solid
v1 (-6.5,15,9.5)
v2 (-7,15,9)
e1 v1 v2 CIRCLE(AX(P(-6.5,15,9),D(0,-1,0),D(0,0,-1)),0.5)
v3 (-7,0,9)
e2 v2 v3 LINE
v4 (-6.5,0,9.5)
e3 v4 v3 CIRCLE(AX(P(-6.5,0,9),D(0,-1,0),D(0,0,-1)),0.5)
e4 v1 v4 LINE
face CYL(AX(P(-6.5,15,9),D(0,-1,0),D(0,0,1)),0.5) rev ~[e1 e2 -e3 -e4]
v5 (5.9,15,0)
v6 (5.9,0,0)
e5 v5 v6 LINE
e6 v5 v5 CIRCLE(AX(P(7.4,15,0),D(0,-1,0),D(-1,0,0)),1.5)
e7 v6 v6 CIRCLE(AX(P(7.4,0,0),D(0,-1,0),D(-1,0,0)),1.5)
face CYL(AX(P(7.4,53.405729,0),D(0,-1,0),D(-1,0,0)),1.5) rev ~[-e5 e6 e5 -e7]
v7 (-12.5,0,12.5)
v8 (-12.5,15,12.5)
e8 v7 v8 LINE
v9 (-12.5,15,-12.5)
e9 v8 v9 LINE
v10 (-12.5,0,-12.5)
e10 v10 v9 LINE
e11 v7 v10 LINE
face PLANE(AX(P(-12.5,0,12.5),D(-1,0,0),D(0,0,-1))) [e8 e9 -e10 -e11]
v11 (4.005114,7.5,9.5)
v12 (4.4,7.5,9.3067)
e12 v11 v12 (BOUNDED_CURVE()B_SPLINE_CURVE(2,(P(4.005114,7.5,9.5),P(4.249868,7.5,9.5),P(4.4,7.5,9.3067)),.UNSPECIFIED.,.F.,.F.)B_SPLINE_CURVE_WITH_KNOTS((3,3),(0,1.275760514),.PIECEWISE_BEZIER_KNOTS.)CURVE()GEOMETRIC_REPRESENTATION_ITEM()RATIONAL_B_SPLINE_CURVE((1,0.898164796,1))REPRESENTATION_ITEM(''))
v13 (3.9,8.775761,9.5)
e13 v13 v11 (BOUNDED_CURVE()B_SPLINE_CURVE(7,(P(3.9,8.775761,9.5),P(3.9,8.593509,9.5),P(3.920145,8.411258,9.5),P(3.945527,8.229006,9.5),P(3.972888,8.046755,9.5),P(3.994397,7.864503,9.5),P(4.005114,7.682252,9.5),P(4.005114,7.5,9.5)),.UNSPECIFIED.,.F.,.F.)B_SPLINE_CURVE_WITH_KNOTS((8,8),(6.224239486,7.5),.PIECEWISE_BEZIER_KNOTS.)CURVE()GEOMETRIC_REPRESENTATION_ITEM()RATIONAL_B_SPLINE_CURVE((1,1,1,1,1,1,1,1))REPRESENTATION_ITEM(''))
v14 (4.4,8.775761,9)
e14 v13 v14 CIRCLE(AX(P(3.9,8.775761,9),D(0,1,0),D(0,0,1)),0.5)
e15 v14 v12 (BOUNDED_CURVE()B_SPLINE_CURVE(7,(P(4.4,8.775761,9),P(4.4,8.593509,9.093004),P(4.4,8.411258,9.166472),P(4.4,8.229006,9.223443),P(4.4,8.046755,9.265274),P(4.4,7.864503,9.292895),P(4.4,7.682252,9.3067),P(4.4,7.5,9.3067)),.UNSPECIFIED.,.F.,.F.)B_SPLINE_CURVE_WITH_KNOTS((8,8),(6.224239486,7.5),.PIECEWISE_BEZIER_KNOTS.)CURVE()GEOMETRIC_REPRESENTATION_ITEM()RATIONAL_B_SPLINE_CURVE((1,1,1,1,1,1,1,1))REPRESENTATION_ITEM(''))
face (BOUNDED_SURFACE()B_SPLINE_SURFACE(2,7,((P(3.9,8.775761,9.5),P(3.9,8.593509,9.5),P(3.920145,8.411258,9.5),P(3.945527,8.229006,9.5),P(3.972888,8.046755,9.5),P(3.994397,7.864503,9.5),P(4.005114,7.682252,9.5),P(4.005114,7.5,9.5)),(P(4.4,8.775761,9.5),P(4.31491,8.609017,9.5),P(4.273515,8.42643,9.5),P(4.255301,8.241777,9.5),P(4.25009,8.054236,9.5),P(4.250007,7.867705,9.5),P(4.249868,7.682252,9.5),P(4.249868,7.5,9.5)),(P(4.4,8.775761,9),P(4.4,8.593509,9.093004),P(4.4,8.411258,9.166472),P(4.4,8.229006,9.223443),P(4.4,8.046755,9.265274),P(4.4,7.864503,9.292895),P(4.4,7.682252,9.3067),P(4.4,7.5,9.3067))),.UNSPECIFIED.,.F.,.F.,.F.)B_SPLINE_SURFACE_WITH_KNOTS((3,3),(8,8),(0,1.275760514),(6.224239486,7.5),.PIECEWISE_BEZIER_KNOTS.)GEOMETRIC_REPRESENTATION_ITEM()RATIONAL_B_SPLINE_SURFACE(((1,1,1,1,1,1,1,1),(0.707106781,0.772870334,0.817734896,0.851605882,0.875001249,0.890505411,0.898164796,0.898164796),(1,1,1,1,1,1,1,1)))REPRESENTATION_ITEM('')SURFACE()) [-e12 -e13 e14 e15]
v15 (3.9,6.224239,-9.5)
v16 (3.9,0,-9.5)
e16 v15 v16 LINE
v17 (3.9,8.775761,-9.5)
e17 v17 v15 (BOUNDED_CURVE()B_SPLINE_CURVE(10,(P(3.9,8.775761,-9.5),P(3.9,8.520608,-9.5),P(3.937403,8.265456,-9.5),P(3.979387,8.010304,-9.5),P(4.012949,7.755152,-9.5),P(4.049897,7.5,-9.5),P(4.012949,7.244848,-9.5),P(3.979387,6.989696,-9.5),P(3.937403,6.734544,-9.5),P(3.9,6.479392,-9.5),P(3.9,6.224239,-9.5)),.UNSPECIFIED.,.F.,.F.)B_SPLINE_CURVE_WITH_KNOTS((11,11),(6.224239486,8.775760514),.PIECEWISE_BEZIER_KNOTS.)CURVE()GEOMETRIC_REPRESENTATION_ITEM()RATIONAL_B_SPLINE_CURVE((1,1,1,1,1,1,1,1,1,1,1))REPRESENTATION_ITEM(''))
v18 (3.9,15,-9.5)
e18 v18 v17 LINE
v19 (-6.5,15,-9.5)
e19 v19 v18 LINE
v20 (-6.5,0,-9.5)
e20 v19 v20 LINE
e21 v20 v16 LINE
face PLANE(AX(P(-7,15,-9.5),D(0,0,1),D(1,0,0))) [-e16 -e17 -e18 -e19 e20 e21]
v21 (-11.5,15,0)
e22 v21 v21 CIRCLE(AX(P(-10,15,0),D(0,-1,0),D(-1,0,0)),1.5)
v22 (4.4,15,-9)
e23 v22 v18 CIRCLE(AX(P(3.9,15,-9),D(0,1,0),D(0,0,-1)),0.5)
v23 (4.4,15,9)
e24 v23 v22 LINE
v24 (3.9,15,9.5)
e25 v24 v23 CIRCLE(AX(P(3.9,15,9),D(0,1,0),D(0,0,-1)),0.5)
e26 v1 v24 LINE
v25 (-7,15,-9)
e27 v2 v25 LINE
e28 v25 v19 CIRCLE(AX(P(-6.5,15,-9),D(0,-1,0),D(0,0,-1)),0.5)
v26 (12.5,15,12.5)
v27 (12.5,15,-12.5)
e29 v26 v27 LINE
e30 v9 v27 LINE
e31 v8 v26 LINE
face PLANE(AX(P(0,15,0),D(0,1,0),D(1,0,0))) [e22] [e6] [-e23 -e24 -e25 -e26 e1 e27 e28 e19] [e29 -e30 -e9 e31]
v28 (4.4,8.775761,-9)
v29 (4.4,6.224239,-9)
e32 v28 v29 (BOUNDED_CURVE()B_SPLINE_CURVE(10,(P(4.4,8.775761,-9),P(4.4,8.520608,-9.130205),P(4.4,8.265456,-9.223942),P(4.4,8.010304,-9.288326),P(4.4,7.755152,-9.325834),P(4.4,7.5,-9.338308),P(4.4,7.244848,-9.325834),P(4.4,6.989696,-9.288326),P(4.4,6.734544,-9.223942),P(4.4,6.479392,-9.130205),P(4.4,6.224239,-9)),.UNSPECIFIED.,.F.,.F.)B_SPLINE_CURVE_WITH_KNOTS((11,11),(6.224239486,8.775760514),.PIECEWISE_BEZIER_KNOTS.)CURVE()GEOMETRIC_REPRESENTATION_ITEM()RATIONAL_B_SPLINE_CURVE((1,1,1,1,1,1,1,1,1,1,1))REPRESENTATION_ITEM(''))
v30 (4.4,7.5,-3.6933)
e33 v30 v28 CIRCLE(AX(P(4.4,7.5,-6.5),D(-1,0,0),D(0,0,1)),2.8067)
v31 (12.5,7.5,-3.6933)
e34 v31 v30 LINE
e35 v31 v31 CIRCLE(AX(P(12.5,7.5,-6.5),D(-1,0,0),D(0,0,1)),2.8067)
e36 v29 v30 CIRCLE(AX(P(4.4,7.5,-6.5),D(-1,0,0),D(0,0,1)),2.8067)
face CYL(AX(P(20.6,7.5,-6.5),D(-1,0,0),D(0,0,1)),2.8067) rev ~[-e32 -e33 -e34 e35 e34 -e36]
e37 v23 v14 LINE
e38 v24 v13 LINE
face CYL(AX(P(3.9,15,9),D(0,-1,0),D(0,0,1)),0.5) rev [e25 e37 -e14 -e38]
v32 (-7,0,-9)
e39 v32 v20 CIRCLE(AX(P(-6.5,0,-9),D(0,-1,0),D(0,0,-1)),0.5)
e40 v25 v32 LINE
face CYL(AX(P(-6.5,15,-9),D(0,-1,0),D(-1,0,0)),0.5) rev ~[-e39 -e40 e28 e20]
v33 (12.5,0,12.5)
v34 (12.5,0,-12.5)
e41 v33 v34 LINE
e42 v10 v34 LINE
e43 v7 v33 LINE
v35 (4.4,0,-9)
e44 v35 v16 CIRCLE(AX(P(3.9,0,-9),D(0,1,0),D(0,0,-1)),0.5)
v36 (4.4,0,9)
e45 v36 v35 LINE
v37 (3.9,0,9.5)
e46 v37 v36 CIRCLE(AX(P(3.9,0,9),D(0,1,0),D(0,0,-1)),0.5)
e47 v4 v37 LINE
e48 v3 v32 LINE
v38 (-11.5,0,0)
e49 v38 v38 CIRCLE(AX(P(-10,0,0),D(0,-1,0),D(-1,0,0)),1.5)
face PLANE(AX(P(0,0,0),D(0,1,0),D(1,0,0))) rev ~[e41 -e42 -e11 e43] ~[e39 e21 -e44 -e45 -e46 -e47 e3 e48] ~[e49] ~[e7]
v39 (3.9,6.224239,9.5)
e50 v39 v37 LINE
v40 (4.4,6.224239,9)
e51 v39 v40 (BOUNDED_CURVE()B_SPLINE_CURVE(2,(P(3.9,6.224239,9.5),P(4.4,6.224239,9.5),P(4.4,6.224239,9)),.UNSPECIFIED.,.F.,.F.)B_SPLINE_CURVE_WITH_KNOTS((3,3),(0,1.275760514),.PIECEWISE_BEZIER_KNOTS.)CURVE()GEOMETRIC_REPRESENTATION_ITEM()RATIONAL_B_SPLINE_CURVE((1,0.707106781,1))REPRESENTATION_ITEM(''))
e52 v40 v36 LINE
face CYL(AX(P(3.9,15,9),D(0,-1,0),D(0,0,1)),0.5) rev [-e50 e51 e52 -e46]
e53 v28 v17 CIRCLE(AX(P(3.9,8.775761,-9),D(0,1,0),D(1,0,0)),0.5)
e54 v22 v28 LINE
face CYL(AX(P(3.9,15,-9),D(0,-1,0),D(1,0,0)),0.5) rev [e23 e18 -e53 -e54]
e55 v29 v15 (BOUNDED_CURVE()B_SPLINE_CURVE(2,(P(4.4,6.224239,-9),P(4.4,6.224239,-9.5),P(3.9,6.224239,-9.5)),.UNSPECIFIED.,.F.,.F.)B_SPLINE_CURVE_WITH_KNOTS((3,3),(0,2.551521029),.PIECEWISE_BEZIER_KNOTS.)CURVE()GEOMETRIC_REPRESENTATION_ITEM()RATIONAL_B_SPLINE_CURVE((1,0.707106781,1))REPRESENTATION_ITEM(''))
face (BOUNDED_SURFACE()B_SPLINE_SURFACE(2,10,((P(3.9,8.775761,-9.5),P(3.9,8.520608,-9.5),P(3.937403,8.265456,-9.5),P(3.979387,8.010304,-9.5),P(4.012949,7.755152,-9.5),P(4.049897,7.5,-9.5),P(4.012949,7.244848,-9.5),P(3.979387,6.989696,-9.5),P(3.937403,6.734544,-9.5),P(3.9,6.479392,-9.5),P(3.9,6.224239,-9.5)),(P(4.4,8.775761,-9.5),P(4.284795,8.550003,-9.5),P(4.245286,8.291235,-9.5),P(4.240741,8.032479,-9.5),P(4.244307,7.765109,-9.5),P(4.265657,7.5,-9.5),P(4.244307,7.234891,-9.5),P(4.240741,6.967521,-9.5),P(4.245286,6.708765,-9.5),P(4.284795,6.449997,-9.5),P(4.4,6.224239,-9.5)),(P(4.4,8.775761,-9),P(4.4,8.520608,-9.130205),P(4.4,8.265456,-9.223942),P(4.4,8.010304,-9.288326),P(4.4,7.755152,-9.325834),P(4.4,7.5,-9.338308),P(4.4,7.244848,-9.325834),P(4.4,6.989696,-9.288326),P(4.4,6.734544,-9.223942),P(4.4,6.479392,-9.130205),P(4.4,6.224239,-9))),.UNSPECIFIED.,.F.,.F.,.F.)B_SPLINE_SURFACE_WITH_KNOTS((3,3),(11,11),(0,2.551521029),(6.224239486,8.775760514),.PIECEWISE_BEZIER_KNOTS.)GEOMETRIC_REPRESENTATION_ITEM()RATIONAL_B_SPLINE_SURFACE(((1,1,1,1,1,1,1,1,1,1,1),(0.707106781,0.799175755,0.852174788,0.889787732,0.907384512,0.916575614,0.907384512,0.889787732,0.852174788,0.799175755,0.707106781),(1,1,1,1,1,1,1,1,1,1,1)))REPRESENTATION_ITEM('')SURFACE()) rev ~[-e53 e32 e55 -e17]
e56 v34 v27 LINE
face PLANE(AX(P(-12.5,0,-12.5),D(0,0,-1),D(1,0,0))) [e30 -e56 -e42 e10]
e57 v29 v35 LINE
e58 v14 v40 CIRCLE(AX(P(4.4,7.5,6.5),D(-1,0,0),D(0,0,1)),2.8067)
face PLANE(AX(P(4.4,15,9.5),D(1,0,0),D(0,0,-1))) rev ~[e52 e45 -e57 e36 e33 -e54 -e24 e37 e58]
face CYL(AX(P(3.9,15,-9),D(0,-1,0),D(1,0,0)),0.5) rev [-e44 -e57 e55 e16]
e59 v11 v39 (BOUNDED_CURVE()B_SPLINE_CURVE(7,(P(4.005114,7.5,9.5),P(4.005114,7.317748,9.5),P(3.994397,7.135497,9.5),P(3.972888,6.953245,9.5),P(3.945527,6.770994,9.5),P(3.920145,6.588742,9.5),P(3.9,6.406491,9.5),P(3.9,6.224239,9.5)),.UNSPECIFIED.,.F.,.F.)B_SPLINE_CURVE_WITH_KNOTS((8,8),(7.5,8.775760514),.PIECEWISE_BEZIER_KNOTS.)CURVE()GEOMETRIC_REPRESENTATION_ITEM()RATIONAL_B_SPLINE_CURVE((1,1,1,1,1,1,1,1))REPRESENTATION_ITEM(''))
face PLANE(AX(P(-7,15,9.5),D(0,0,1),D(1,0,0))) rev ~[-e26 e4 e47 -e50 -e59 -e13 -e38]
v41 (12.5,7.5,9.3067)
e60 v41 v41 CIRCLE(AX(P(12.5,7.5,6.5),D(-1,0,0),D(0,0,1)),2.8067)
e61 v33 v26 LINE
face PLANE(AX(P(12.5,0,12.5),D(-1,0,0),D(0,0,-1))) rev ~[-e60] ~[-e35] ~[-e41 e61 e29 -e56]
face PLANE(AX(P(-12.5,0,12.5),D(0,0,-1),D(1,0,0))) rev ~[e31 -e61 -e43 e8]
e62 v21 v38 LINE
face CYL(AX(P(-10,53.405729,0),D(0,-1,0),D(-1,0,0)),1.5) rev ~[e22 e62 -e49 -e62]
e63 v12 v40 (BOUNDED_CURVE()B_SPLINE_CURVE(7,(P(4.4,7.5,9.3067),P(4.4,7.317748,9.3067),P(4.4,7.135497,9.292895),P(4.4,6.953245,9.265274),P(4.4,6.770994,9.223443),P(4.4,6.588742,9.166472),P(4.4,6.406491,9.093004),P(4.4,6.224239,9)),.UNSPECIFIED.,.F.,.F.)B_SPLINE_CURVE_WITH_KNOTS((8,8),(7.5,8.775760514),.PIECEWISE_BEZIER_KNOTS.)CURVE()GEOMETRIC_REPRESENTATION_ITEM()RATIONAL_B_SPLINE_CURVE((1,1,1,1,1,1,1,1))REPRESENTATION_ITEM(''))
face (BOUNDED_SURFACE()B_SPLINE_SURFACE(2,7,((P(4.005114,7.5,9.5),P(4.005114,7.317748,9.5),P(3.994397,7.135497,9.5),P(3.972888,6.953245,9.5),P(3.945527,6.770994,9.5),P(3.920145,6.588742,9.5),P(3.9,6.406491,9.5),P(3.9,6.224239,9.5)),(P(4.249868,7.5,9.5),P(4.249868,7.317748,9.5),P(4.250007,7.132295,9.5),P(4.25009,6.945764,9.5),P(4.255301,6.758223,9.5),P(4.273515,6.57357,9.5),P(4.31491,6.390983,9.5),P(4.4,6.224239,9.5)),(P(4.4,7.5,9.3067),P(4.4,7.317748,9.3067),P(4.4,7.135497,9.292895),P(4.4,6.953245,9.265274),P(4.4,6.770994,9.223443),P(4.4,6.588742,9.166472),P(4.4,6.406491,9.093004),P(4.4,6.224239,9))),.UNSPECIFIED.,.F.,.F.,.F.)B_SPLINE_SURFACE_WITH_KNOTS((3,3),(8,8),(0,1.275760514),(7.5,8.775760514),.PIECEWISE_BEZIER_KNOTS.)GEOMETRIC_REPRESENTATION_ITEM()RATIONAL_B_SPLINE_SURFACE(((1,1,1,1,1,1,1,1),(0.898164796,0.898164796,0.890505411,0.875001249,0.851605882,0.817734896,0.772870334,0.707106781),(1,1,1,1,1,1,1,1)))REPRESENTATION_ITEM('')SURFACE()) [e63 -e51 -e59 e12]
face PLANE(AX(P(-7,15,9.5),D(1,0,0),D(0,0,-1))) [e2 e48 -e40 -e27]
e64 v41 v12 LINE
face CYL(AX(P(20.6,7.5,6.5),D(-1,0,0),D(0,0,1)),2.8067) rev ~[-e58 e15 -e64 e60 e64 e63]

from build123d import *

# Parameters (mm, degrees)
SKETCH1_W             = 25
SKETCH1_H             = 25
BOSS_EXTRUDE1_DEPTH   = 15
SKETCH2_W             = 11.4
SKETCH2_H             = 19
CUT_EXTRUDE1_DEPTH    = 16
M3_CLEARANCE_HOLE1_D  = 3
FOR_M4_HEAT_SET_D     = 5.6134
FOR_M4_HEAT_SET_DEPTH = 8.1
FILLET1_R             = 0.5


with BuildPart() as part:
    # Sketch1 → Boss-Extrude1 (new body)
    with BuildSketch(Plane(origin=(0, 0, 0), x_dir=(1, 0, 0), z_dir=(0, 1, 0))):
        Rectangle(SKETCH1_W, SKETCH1_H)
    extrude(amount=BOSS_EXTRUDE1_DEPTH)

    # Sketch2 → Cut-Extrude1 (cut, through all)
    with BuildSketch(Plane(origin=(0, 15, 0), x_dir=(1, 0, 0), z_dir=(0, 1, 0))):
        with Locations((-1.3, 0)):
            Rectangle(SKETCH2_W, SKETCH2_H)
    extrude(amount=-CUT_EXTRUDE1_DEPTH, mode=Mode.SUBTRACT)

    # M3 Clearance Hole1 (through all)
    with Locations(Plane(origin=(0, 15, 0), x_dir=(1, 0, 0), z_dir=(0, 1, 0))):
        with Locations((-10, 0), (7.4, 0)):
            Hole(M3_CLEARANCE_HOLE1_D / 2)

    # for m4 heat set
    with Locations(Plane(origin=(12.5, 0, 0), x_dir=(0, 0, -1), z_dir=(1, 0, 0))):
        with Locations((-6.5, 7.5), (6.5, 7.5)):
            Hole(FOR_M4_HEAT_SET_D / 2, depth=FOR_M4_HEAT_SET_DEPTH)

    # Fillet1
    fillet1_edges = [part.edges().sort_by_distance(p)[0] for p in [
        (-7, 7.5, 9.5),
        (-7, 7.5, -9.5),
        (4.4, 7.5, -9.5),
        (4.4, 7.5, 9.5),
    ]]
    fillet(fillet1_edges, radius=FILLET1_R)


solid = part.part
